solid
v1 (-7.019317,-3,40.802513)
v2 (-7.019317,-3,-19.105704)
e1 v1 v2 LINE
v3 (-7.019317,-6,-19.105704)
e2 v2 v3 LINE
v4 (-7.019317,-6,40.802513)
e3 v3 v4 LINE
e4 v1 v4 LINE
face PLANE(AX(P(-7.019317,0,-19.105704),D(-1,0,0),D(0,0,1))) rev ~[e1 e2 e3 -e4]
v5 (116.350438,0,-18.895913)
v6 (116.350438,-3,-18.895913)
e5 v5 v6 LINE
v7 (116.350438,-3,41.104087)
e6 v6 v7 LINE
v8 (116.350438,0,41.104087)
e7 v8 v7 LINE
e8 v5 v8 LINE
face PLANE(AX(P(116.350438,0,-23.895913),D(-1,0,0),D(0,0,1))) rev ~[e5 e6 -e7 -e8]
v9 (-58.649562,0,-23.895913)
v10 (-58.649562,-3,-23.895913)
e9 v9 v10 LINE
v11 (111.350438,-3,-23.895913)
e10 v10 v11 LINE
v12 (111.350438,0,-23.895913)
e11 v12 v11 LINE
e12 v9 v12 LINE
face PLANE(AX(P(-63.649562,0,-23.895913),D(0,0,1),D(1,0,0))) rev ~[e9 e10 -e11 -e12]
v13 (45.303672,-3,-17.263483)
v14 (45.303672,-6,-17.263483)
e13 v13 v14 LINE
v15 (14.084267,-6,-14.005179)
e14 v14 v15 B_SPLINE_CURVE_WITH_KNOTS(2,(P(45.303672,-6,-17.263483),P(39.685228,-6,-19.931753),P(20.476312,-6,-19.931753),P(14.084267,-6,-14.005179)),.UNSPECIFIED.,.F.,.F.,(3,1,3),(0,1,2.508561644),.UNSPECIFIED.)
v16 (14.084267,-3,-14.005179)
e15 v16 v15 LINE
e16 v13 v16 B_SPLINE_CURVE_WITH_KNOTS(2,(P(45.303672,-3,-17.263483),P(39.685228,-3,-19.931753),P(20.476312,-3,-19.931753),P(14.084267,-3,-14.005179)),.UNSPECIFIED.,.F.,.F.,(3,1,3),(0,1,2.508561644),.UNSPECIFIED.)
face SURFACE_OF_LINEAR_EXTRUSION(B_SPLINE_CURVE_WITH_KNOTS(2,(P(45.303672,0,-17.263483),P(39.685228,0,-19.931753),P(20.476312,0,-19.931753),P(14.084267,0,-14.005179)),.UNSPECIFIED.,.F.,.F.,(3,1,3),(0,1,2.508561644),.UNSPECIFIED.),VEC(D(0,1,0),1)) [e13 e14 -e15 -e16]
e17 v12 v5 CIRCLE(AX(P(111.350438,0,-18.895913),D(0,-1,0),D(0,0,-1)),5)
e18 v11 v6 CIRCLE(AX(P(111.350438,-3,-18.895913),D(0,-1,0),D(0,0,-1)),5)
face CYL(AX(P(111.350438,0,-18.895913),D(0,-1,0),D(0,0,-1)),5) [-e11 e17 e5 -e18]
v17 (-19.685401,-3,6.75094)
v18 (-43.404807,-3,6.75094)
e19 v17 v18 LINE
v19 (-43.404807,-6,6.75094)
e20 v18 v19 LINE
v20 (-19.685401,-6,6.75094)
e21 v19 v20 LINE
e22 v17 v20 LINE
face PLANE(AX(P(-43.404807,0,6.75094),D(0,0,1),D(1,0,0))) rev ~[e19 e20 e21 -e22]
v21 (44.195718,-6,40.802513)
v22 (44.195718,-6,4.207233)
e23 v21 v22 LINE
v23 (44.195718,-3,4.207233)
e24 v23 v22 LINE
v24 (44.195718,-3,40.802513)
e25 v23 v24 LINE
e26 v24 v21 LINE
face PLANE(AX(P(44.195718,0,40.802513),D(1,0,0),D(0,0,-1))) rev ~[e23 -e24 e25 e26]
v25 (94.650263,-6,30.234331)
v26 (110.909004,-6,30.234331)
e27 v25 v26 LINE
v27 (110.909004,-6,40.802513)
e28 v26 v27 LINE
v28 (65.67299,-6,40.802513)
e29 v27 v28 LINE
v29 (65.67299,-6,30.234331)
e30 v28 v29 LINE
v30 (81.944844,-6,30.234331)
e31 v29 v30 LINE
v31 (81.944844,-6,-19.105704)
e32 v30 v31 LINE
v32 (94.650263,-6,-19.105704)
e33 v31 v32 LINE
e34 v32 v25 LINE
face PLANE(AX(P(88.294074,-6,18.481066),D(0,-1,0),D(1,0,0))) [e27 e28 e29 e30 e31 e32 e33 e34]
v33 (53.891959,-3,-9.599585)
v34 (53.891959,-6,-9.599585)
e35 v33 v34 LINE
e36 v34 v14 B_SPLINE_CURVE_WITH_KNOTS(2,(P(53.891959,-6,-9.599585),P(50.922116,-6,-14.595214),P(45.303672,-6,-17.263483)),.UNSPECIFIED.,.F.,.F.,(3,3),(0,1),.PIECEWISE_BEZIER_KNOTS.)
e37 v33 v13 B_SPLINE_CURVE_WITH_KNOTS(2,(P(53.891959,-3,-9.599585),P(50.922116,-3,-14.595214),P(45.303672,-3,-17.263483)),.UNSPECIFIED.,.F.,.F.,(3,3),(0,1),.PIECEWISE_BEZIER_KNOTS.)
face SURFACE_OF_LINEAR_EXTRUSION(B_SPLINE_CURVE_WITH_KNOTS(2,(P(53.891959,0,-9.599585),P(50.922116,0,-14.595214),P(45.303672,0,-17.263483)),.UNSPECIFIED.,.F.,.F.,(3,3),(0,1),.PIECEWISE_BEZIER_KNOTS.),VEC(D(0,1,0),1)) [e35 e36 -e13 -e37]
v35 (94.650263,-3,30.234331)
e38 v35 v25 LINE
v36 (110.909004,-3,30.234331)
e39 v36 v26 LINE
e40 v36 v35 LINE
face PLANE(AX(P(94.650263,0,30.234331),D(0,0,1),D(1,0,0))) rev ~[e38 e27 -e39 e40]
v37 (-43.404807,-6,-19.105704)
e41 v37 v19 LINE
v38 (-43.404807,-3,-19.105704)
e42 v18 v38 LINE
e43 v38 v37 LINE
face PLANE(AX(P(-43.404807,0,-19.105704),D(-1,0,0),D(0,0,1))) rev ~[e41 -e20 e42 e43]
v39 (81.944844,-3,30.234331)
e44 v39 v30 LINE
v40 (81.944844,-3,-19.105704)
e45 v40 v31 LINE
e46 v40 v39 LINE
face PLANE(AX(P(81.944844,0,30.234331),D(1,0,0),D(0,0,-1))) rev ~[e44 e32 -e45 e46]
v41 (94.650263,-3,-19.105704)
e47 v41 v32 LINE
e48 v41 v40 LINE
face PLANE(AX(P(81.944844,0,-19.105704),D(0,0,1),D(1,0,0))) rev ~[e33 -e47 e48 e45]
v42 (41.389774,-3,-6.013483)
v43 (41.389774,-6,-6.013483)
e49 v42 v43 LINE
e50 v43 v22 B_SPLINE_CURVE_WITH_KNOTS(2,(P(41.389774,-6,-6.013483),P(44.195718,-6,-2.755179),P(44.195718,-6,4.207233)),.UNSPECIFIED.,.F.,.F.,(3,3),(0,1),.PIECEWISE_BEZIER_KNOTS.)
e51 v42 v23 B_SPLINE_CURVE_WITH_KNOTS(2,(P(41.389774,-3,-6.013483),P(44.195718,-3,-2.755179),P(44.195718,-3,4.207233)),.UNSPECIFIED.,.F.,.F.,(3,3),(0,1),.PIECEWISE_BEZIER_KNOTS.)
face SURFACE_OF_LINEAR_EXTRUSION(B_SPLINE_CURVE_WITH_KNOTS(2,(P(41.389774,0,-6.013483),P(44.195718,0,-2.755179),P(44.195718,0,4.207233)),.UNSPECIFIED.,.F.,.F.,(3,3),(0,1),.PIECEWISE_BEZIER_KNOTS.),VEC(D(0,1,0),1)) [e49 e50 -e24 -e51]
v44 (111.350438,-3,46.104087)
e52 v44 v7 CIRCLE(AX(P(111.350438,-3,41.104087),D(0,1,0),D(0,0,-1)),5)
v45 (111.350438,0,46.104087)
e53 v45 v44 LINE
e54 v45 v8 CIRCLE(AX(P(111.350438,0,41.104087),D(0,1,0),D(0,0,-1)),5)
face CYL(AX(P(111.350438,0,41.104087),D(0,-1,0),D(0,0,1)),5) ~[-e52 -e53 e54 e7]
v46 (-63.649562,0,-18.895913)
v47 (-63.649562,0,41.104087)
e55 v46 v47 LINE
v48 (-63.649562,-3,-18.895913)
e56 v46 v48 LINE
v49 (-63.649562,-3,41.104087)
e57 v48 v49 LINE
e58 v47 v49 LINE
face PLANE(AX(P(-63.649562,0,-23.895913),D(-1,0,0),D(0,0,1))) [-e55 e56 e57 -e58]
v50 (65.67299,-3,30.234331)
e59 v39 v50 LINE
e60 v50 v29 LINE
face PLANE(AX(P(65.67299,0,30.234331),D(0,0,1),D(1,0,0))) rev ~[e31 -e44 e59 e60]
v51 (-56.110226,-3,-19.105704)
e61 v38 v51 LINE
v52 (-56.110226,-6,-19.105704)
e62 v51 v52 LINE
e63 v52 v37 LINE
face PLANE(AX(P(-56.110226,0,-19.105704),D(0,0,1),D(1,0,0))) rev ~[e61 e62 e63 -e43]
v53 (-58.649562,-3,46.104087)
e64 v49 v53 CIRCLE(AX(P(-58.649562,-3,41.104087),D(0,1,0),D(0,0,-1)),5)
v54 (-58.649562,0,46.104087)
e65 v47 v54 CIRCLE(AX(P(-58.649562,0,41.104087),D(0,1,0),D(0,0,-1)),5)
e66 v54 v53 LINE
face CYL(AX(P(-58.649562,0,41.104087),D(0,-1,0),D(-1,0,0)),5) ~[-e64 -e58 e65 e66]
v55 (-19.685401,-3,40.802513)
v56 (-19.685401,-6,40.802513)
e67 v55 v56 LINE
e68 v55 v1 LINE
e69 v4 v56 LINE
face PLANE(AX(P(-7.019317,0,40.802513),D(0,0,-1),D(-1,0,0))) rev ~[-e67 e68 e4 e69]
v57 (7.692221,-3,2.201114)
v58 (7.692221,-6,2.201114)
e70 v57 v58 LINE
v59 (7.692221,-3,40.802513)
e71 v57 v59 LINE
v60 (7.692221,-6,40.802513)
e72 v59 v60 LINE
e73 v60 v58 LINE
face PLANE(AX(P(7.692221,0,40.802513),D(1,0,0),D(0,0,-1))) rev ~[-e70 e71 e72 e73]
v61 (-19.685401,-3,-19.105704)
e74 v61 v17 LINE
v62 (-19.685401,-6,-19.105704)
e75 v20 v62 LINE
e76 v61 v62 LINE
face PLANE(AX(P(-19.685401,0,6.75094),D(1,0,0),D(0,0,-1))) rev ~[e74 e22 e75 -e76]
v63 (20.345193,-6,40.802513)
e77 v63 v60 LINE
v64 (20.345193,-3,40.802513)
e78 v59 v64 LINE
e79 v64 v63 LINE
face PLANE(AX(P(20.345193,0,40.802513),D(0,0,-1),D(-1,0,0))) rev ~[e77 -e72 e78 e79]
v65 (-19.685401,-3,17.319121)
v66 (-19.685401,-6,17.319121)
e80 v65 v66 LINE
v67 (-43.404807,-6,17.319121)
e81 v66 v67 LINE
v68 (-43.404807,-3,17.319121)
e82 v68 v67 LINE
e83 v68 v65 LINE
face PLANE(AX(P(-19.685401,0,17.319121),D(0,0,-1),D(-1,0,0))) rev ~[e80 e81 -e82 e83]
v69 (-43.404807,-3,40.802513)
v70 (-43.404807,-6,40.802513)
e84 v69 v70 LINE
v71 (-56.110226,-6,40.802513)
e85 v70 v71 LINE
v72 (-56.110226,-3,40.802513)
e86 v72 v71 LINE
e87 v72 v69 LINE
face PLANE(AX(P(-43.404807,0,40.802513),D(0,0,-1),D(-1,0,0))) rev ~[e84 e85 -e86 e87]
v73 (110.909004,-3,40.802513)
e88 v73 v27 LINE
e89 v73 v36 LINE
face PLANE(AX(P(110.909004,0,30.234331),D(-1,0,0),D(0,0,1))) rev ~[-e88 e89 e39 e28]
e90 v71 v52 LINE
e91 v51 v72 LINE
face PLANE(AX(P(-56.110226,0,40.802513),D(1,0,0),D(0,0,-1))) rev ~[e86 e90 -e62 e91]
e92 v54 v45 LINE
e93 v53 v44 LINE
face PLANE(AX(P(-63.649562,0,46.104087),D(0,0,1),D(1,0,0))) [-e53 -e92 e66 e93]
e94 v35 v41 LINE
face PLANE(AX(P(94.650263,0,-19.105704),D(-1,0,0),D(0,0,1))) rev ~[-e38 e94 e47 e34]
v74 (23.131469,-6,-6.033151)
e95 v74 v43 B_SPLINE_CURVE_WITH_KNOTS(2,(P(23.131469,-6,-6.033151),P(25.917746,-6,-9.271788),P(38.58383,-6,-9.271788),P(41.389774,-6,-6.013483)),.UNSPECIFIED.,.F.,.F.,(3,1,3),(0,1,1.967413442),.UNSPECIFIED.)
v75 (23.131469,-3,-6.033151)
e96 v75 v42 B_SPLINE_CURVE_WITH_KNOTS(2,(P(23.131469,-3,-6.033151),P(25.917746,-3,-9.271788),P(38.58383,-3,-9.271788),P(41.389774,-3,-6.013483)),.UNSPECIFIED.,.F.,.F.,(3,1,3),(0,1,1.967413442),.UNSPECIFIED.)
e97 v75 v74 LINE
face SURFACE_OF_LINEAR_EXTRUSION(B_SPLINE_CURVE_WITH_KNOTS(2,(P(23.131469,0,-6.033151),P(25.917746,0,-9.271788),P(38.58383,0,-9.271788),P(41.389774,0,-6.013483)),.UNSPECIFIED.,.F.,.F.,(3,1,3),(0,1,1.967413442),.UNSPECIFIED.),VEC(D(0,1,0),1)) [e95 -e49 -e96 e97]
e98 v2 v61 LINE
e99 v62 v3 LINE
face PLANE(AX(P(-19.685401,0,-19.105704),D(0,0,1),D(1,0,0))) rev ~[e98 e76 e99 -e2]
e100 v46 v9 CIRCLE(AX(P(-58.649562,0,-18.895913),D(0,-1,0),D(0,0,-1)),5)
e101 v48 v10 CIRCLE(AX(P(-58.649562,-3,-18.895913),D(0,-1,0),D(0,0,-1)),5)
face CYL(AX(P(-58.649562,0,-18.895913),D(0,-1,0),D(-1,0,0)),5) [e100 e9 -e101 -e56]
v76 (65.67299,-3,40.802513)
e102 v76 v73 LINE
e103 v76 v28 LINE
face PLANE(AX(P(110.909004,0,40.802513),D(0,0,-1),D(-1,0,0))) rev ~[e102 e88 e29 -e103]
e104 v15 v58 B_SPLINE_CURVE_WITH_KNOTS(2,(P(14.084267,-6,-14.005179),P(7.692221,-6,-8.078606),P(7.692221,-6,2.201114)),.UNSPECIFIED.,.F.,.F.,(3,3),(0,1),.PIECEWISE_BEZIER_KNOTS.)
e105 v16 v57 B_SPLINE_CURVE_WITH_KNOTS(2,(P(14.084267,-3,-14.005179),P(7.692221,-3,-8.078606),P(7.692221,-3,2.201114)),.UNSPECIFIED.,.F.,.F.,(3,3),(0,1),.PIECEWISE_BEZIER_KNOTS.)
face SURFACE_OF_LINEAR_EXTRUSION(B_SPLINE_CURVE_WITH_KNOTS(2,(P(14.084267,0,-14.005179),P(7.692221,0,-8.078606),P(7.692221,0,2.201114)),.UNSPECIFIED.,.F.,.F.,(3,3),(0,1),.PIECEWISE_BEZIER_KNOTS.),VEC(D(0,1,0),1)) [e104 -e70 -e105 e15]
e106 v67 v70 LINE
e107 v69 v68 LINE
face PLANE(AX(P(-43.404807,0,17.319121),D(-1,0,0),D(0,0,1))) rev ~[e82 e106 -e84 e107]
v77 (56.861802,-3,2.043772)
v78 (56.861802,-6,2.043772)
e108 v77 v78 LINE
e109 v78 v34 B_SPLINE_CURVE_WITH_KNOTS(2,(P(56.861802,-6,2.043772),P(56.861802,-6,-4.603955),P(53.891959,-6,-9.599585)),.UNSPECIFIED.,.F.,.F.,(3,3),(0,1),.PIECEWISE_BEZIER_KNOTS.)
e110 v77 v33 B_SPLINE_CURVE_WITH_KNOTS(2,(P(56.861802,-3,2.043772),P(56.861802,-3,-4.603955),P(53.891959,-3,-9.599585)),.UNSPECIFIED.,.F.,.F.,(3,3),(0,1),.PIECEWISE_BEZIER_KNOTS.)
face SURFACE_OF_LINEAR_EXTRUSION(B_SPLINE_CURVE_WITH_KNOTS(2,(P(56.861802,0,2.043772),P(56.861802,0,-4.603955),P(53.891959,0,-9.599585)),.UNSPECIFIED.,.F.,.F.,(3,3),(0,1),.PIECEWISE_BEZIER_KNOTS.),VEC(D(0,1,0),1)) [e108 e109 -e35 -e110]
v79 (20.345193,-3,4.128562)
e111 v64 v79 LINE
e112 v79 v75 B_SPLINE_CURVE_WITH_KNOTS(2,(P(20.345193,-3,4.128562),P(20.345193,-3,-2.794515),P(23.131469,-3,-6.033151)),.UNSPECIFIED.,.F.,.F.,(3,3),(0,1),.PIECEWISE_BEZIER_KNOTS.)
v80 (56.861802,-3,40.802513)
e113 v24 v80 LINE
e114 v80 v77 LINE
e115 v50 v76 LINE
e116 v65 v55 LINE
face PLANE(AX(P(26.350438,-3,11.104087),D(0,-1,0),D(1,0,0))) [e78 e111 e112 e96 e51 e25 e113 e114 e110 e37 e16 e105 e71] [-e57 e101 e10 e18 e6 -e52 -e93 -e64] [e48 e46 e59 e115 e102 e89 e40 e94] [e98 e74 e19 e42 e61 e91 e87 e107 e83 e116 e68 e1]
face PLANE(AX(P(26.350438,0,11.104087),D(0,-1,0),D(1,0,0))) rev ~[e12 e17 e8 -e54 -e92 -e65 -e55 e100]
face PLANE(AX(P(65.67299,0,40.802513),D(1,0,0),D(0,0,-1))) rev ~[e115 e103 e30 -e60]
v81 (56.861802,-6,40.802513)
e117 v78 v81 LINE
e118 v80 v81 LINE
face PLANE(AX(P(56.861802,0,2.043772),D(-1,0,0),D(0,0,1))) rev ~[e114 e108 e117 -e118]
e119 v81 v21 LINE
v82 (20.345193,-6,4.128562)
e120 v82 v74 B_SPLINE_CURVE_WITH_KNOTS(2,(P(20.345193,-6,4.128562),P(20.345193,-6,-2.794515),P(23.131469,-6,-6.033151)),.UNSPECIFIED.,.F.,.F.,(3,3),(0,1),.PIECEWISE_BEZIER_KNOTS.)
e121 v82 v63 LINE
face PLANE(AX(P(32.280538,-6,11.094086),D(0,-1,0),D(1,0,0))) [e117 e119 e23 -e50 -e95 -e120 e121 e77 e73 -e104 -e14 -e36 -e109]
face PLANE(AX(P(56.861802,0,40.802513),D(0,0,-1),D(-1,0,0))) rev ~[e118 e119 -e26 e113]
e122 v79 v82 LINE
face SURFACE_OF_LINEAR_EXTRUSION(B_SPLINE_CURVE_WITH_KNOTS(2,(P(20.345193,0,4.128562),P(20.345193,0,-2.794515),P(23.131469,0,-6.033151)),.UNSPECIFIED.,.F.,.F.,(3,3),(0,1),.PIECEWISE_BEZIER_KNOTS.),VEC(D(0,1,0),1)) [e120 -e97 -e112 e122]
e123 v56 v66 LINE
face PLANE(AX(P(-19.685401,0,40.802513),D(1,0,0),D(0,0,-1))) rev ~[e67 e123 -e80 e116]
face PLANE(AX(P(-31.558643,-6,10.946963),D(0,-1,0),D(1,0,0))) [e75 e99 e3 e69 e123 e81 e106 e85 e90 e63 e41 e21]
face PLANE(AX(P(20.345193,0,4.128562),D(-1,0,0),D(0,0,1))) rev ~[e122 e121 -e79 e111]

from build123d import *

# Parameters (mm, degrees)
F1_DEPTH = 6
F0_W     = 180
F0_H     = 70
F2_DEPTH = 3
F3_DEPTH = 6
F4_DEPTH = 6
F5_R     = 5


with BuildPart() as f1:
    # F0 (on Front) → F1 (new body)
    with BuildSketch(Plane.XZ):
        Polygon((-19.6854011617, -19.1057036918), (-7.0193172456, -19.1057036918), (-7.0193172456, 40.8025130914), (-19.6854011617, 40.8025130914), (-19.6854011617, 17.319121483), (-43.4048067561, 17.319121483), (-43.4048067561, 40.8025130914), (-56.1102263365, 40.8025130914), (-56.1102263365, -19.1057036918), (-43.4048067561, -19.1057036918), (-43.4048067561, 6.7509396648), (-19.6854011617, 6.7509396648), align=None)
    extrude(amount=F1_DEPTH)

    # F0 (on Front) → F2 (join)
    with BuildSketch(Plane.XZ):
        with Locations((26.3504379991, 11.104086518)):
            Rectangle(F0_W, F0_H)
        Polygon((-7.0193172456, 40.8025130914), (-7.0193172456, -19.1057036918), (-19.6854011617, -19.1057036918), (-19.6854011617, 6.7509396648), (-43.4048067561, 6.7509396648), (-43.4048067561, -19.1057036918), (-56.1102263365, -19.1057036918), (-56.1102263365, 40.8025130914), (-43.4048067561, 40.8025130914), (-43.4048067561, 17.319121483), (-19.6854011617, 17.319121483), (-19.6854011617, 40.8025130914), align=None, mode=Mode.SUBTRACT)
        with BuildLine():
            Line((44.1957177194, 40.8025130914), (56.8618016355, 40.8025130914))
            Line((56.8618016355, 40.8025130914), (56.8618016355, 2.0437718327))
            add(Edge.make_bspline(
                [(56.8618016355, 2.0437718327), (56.8618016355, -4.6039554401), (53.8919589781, -9.5995848107)],
                knots=[0, 0, 0, 1, 1, 1], degree=2))
            add(Edge.make_bspline(
                [(53.8919589781, -9.5995848107), (50.9221163208, -14.5952141813), (45.3036722649, -17.2634834121)],
                knots=[0, 0, 0, 1, 1, 1], degree=2))
            add(Edge.make_bspline(
                [(45.3036722649, -17.2634834121), (39.6852282089, -19.9317526429), (32.0278855516, -19.9317526429)],
                knots=[0, 0, 0, 1, 1, 1], degree=2))
            add(Edge.make_bspline(
                [(32.0278855516, -19.9317526429), (20.476312125, -19.9317526429), (14.0842666704, -14.0051792163)],
                knots=[0, 0, 0, 1, 1, 1], degree=2))
            add(Edge.make_bspline(
                [(14.0842666704, -14.0051792163), (7.6922212159, -8.0786057897), (7.6922212159, 2.20111449)],
                knots=[0, 0, 0, 1, 1, 1], degree=2))
            Line((7.6922212159, 2.20111449), (7.6922212159, 40.8025130914))
            Line((7.6922212159, 40.8025130914), (20.3451932439, 40.8025130914))
            Line((20.3451932439, 40.8025130914), (20.3451932439, 4.1285620424))
            add(Edge.make_bspline(
                [(20.3451932439, 4.1285620424), (20.3451932439, -2.7945148806), (23.1314694677, -6.0331512443)],
                knots=[0, 0, 0, 1, 1, 1], degree=2))
            add(Edge.make_bspline(
                [(23.1314694677, -6.0331512443), (25.9177456914, -9.2717876079), (32.3556827544, -9.2717876079)],
                knots=[0, 0, 0, 1, 1, 1], degree=2))
            add(Edge.make_bspline(
                [(32.3556827544, -9.2717876079), (38.5838296075, -9.2717876079), (41.3897736635, -6.0134834121)],
                knots=[0, 0, 0, 1, 1, 1], degree=2))
            add(Edge.make_bspline(
                [(41.3897736635, -6.0134834121), (44.1957177194, -2.7551792163), (44.1957177194, 4.2072333711)],
                knots=[0, 0, 0, 1, 1, 1], degree=2))
            Line((44.1957177194, 4.2072333711), (44.1957177194, 40.8025130914))
        make_face(mode=Mode.SUBTRACT)
        Polygon((94.6502631739, 30.2343312732), (94.6502631739, -19.1057036918), (81.9448435935, -19.1057036918), (81.9448435935, 30.2343312732), (65.6729904467, 30.2343312732), (65.6729904467, 40.8025130914), (110.9090044327, 40.8025130914), (110.9090044327, 30.2343312732), align=None, mode=Mode.SUBTRACT)
    extrude(amount=F2_DEPTH)

    # F0 (on Front) → F3 (join)
    with BuildSketch(Plane.XZ):
        with BuildLine():
            Line((56.8618016355, 2.0437718327), (56.8618016355, 40.8025130914))
            Line((56.8618016355, 40.8025130914), (44.1957177194, 40.8025130914))
            Line((44.1957177194, 40.8025130914), (44.1957177194, 4.2072333711))
            add(Edge.make_bspline(
                [(41.3897736635, -6.0134834121), (44.1957177194, -2.7551792163), (44.1957177194, 4.2072333711)],
                knots=[0, 0, 0, 1, 1, 1], degree=2))
            add(Edge.make_bspline(
                [(32.3556827544, -9.2717876079), (38.5838296075, -9.2717876079), (41.3897736635, -6.0134834121)],
                knots=[0, 0, 0, 1, 1, 1], degree=2))
            add(Edge.make_bspline(
                [(23.1314694677, -6.0331512443), (25.9177456914, -9.2717876079), (32.3556827544, -9.2717876079)],
                knots=[0, 0, 0, 1, 1, 1], degree=2))
            add(Edge.make_bspline(
                [(20.3451932439, 4.1285620424), (20.3451932439, -2.7945148806), (23.1314694677, -6.0331512443)],
                knots=[0, 0, 0, 1, 1, 1], degree=2))
            Line((20.3451932439, 4.1285620424), (20.3451932439, 40.8025130914))
            Line((20.3451932439, 40.8025130914), (7.6922212159, 40.8025130914))
            Line((7.6922212159, 40.8025130914), (7.6922212159, 2.20111449))
            add(Edge.make_bspline(
                [(14.0842666704, -14.0051792163), (7.6922212159, -8.0786057897), (7.6922212159, 2.20111449)],
                knots=[0, 0, 0, 1, 1, 1], degree=2))
            add(Edge.make_bspline(
                [(32.0278855516, -19.9317526429), (20.476312125, -19.9317526429), (14.0842666704, -14.0051792163)],
                knots=[0, 0, 0, 1, 1, 1], degree=2))
            add(Edge.make_bspline(
                [(45.3036722649, -17.2634834121), (39.6852282089, -19.9317526429), (32.0278855516, -19.9317526429)],
                knots=[0, 0, 0, 1, 1, 1], degree=2))
            add(Edge.make_bspline(
                [(53.8919589781, -9.5995848107), (50.9221163208, -14.5952141813), (45.3036722649, -17.2634834121)],
                knots=[0, 0, 0, 1, 1, 1], degree=2))
            add(Edge.make_bspline(
                [(56.8618016355, 2.0437718327), (56.8618016355, -4.6039554401), (53.8919589781, -9.5995848107)],
                knots=[0, 0, 0, 1, 1, 1], degree=2))
        make_face()
    extrude(amount=F3_DEPTH)

    # F0 (on Front) → F4 (join)
    with BuildSketch(Plane.XZ):
        Polygon((81.9448435935, -19.1057036918), (94.6502631739, -19.1057036918), (94.6502631739, 30.2343312732), (110.9090044327, 30.2343312732), (110.9090044327, 40.8025130914), (65.6729904467, 40.8025130914), (65.6729904467, 30.2343312732), (81.9448435935, 30.2343312732), align=None)
    extrude(amount=F4_DEPTH)

    # F5
    f5_edges = [f1.edges().sort_by_distance(p)[0] for p in [
        (-63.649562, -1.5, 46.104087),
        (116.350438, -1.5, 46.104087),
        (-63.649562, -1.5, -23.895913),
        (116.350438, -1.5, -23.895913),
    ]]
    fillet(f5_edges, radius=F5_R)


solid = f1.part
